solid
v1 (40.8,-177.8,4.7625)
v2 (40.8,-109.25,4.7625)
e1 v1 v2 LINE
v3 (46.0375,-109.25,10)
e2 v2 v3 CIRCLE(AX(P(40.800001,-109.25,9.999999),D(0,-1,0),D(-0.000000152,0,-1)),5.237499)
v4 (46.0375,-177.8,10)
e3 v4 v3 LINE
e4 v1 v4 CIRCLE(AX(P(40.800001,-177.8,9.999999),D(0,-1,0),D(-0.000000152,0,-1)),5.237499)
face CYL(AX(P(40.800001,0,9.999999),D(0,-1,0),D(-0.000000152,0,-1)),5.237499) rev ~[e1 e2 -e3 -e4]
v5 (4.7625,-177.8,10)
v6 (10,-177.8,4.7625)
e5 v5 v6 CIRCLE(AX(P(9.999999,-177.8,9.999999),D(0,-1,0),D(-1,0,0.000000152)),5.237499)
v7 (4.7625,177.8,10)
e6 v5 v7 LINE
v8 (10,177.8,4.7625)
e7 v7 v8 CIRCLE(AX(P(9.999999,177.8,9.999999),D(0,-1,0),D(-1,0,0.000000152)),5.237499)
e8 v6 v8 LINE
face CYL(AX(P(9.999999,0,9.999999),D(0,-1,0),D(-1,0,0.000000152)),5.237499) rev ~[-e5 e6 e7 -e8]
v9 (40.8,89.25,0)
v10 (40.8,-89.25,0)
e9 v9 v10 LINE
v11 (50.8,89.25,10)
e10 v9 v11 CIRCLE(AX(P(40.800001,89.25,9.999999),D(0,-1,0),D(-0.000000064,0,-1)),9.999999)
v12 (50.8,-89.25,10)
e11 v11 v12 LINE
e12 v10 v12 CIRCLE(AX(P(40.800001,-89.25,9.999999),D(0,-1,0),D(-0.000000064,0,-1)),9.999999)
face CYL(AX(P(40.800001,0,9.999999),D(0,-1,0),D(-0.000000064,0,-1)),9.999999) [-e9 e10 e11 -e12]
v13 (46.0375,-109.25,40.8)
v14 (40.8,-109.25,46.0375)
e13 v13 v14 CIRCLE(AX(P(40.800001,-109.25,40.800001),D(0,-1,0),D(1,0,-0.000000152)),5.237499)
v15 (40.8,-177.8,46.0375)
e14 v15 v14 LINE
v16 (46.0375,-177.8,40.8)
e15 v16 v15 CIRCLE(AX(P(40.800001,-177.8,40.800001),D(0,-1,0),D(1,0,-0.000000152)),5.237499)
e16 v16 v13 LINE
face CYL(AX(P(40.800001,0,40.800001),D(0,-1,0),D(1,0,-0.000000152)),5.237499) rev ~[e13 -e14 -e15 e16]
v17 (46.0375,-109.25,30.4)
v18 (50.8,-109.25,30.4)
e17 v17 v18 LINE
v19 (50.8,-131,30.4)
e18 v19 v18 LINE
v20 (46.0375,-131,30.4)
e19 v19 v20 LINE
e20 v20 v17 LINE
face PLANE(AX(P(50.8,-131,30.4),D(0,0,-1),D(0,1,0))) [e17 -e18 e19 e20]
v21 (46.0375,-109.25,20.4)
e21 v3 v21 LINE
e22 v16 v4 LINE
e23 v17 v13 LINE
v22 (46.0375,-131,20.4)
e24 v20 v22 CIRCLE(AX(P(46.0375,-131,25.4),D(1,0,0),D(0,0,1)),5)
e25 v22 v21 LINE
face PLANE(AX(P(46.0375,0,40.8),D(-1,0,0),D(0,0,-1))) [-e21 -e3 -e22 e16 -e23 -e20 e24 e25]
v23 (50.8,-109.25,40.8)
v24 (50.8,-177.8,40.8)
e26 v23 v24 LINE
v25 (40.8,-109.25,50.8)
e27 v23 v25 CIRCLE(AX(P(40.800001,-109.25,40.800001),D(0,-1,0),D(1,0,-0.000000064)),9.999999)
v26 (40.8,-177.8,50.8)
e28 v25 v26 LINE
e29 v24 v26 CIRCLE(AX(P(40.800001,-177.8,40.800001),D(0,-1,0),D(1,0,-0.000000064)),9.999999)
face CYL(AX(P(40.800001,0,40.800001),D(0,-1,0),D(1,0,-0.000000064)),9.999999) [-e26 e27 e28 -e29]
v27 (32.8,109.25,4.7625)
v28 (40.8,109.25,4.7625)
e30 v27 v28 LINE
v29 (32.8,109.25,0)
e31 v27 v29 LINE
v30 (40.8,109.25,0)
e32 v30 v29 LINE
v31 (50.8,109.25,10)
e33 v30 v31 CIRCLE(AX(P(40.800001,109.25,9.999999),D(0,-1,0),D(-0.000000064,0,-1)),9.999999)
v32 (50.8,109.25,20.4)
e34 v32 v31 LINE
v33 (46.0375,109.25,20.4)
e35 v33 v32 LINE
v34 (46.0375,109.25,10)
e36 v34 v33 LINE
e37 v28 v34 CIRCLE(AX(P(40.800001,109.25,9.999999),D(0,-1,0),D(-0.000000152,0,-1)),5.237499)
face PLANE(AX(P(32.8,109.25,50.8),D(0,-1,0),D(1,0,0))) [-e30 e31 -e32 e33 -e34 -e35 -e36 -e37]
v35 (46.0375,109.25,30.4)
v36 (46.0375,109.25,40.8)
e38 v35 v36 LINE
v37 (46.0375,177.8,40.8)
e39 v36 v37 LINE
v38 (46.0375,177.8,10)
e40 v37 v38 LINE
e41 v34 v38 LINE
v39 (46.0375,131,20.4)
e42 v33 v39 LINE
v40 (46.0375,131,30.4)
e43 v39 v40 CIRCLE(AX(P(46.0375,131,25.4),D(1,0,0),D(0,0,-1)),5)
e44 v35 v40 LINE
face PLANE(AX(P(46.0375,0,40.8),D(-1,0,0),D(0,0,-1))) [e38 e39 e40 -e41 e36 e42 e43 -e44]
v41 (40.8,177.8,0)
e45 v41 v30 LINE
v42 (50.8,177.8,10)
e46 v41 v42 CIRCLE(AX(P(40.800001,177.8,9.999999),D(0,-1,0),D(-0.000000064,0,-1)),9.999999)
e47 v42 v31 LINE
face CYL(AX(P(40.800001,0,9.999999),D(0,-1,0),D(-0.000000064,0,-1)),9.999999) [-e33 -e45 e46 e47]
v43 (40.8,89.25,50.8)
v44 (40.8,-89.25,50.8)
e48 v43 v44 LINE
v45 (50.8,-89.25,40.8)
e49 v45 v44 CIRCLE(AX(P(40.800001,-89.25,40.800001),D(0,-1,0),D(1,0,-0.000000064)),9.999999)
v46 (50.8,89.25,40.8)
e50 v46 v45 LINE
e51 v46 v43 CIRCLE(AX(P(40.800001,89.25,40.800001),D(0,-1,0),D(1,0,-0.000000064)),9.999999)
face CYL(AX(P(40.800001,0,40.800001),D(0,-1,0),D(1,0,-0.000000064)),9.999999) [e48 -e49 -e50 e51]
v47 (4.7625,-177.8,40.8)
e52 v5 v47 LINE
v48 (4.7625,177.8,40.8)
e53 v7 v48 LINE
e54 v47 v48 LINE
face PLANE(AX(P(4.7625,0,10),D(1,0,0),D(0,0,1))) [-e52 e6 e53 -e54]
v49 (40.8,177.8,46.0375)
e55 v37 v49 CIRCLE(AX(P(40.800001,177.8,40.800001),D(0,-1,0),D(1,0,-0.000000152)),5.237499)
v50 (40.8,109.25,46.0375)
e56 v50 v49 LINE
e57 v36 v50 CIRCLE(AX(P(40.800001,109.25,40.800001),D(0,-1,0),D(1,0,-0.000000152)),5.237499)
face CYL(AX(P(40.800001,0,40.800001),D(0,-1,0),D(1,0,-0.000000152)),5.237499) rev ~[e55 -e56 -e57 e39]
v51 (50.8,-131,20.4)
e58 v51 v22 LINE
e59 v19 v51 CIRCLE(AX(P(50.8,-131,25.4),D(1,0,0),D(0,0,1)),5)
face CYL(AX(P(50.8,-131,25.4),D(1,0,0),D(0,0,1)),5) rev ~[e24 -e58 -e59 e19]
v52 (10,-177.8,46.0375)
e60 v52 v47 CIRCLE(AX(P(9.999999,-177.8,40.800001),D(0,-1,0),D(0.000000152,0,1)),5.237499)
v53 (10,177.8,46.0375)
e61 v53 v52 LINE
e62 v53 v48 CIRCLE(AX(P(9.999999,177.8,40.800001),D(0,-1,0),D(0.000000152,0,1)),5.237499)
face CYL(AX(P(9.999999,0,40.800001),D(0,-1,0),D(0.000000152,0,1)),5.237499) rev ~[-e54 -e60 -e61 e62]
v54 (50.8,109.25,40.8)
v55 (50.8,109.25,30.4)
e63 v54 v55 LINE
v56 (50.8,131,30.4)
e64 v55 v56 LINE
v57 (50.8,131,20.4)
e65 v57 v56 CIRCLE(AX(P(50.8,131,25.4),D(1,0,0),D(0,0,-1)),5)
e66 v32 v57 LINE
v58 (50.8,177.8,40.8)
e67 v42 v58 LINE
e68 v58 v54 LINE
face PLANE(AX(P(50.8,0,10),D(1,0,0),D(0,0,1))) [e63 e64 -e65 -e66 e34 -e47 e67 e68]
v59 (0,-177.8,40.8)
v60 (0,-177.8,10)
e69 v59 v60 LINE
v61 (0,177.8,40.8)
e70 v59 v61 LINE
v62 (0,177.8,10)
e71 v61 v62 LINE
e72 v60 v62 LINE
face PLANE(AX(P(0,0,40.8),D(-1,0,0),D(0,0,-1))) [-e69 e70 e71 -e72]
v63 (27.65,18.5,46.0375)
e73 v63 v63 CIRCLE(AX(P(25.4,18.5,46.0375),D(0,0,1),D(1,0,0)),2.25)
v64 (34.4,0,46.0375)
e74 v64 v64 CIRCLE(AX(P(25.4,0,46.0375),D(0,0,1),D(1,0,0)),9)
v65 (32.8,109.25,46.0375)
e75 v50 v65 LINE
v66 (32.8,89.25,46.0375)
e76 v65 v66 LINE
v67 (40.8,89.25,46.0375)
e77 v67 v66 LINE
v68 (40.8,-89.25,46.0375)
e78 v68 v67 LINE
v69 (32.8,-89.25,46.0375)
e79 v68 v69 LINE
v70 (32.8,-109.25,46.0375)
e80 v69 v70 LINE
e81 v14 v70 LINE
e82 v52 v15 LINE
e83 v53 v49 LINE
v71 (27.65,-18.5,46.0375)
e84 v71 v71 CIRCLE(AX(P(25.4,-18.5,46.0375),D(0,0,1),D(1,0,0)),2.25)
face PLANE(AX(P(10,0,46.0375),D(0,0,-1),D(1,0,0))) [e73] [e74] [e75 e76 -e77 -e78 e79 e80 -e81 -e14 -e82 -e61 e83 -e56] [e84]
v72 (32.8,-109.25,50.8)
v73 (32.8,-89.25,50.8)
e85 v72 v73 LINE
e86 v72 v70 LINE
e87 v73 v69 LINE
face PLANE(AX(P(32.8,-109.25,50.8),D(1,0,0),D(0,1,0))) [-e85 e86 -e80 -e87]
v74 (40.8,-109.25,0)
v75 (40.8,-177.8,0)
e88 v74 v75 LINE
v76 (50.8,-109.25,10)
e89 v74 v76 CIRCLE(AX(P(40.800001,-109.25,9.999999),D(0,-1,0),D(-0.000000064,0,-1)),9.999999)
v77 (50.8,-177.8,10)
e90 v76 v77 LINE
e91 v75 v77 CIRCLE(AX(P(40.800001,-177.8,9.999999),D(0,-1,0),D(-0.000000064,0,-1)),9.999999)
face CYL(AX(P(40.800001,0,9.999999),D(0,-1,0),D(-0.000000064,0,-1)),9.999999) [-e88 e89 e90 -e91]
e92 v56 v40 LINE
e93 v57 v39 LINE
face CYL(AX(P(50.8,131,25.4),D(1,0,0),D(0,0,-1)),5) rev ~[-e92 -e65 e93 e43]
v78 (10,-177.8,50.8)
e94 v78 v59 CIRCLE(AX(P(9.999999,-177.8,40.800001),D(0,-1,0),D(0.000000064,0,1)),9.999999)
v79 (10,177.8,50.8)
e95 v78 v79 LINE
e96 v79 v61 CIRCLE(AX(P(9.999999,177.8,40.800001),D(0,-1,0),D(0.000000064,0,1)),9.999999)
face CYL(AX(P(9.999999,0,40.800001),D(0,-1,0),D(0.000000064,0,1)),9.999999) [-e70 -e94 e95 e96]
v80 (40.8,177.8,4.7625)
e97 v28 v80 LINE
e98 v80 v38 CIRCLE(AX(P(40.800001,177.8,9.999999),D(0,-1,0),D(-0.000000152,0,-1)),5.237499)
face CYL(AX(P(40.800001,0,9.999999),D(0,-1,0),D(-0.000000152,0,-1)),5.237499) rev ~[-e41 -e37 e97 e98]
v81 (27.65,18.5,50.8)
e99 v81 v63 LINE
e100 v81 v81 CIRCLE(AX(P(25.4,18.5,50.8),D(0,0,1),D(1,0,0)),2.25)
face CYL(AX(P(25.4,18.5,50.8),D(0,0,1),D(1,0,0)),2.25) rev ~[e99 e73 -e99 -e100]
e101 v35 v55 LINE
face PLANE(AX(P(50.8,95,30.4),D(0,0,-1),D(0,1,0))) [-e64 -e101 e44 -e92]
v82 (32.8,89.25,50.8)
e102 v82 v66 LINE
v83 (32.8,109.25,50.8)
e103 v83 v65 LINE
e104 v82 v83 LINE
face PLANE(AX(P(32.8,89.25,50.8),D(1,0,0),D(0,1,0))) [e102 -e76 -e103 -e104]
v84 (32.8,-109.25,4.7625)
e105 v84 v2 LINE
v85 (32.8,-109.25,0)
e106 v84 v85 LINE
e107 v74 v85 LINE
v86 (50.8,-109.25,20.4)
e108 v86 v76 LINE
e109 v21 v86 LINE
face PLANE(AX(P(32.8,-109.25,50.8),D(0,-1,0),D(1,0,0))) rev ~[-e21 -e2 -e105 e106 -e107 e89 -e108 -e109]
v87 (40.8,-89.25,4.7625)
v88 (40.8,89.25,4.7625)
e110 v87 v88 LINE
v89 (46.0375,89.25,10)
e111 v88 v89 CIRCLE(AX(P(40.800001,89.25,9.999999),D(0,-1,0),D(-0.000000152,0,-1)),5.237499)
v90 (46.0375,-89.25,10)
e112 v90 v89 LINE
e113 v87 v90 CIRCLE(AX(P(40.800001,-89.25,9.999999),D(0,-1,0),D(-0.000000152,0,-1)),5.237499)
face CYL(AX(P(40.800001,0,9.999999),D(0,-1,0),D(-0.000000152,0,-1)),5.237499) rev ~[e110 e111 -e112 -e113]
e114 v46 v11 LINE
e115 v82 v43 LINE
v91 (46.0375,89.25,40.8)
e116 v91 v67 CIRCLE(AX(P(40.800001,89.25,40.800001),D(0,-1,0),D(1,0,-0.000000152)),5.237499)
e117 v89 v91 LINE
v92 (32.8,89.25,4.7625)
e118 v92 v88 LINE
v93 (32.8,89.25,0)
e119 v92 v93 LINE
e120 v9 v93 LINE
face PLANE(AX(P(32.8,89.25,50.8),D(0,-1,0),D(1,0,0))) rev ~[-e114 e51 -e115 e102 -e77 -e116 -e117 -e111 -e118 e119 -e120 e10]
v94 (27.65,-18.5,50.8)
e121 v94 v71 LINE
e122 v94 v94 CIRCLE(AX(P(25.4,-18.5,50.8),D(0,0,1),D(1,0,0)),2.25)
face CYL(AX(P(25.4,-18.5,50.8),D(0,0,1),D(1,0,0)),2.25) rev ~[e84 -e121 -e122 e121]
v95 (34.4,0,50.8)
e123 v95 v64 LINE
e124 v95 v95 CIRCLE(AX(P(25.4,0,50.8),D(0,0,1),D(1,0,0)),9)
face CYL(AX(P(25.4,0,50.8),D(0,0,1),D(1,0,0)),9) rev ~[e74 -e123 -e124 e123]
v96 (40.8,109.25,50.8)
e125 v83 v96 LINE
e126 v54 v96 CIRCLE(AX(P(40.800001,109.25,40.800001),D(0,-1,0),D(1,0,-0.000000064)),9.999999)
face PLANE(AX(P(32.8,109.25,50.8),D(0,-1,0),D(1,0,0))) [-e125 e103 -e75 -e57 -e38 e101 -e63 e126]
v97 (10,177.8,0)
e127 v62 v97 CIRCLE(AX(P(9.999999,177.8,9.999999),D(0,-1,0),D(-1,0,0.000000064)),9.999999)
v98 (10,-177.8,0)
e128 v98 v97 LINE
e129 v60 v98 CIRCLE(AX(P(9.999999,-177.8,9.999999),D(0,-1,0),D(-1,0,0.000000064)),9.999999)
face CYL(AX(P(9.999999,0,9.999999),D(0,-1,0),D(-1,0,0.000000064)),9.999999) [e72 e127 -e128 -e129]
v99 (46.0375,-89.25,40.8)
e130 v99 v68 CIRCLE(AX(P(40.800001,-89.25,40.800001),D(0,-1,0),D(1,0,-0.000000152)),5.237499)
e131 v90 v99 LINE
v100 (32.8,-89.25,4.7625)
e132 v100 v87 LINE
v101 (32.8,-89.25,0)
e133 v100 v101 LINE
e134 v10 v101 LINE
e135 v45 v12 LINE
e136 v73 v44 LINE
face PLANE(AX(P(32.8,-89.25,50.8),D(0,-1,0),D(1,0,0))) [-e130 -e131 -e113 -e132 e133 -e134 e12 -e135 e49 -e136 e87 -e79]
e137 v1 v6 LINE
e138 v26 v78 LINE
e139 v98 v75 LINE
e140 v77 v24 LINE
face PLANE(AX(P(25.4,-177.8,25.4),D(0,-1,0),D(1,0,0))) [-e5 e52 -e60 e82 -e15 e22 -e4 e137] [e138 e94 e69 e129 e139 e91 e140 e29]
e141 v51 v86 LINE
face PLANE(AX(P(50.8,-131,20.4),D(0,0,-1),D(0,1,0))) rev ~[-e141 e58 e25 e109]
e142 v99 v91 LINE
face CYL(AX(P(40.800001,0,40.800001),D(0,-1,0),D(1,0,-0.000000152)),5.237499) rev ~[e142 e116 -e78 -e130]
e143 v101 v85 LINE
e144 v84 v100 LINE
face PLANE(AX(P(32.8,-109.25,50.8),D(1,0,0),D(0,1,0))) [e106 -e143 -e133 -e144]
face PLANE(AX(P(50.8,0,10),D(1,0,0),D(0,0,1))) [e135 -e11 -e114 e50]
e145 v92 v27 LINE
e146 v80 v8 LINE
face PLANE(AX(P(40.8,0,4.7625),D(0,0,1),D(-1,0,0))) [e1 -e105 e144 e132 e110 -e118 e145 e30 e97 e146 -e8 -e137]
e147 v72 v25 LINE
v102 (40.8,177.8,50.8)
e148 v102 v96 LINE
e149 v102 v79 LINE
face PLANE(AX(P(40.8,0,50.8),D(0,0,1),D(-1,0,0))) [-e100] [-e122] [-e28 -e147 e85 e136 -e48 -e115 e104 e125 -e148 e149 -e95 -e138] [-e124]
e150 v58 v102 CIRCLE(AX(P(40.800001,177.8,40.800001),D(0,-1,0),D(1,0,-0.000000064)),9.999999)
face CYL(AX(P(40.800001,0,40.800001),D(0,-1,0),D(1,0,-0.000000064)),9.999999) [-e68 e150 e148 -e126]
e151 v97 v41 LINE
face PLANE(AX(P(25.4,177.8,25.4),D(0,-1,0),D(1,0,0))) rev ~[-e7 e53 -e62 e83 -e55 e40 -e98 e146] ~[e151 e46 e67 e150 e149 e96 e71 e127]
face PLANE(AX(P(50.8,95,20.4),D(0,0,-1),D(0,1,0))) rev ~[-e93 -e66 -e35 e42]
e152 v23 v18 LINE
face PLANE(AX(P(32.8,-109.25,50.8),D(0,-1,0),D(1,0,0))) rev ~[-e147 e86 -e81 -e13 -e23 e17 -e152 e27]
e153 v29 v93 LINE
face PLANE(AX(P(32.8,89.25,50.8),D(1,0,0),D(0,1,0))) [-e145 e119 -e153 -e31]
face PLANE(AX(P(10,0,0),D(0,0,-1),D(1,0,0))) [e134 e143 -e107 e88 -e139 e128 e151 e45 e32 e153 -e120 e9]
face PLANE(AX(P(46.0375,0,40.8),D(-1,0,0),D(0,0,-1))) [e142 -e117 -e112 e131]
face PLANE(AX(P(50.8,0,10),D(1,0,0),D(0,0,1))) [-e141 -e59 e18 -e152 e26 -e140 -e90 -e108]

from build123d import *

# Parameters (mm, degrees)
PAD_DEPTH       = 177.8
SKETCH005_W     = 25
SKETCH005_H     = 20
POCKET_DEPTH    = 50.801
POCKET001_DEPTH = 4.7625
SKETCH012_R     = 9
SKETCH012_R_2   = 2.25
POCKET006_DEPTH = 5


with BuildPart() as part:
    # Sketch → Pad (new body, symmetric)
    with BuildSketch(Plane.XZ):
        with BuildLine():
            Line((10, 0), (40.8, 0))
            ThreePointArc((40.8, 0), (47.871068, 2.928932), (50.8, 10))
            Line((50.8, 10), (50.8, 40.8))
            ThreePointArc((50.8, 40.8), (47.871068, 47.871068), (40.8, 50.8))
            Line((40.8, 50.8), (10, 50.8))
            ThreePointArc((10, 50.8), (2.928932, 47.871068), (0, 40.8))
            Line((0, 40.8), (0, 10))
            ThreePointArc((0, 10), (2.928932, 2.928932), (10, 0))
        make_face()
        with BuildLine():
            Line((10, 46.0375), (40.8, 46.0375))
            ThreePointArc((46.0375, 40.8), (44.503472, 44.503472), (40.8, 46.0375))
            Line((46.0375, 40.8), (46.0375, 10))
            ThreePointArc((40.8, 4.7625), (44.503472, 6.296528), (46.0375, 10))
            Line((40.8, 4.7625), (10, 4.7625))
            ThreePointArc((4.7625, 10), (6.296528, 6.296528), (10, 4.7625))
            Line((4.7625, 10), (4.7625, 40.8))
            ThreePointArc((10, 46.0375), (6.296528, 44.503472), (4.7625, 40.8))
        make_face(mode=Mode.SUBTRACT)
    extrude(amount=PAD_DEPTH, both=True)

    # Sketch005 → Pocket (cut, through all)
    with BuildSketch(Plane.XY.offset(50.8)):
        with Locations((45.3, 99.25)):
            Rectangle(SKETCH005_W, SKETCH005_H)
        with Locations((45.3, -99.25)):
            Rectangle(SKETCH005_W, SKETCH005_H)
    extrude(amount=-POCKET_DEPTH, mode=Mode.SUBTRACT)

    # Sketch006 → Pocket001 (cut)
    with BuildSketch(Plane.YZ.offset(50.8)):
        with BuildLine():
            ThreePointArc((-131, 30.4), (-136, 25.4), (-131, 20.4))
            Line((-131, 20.4), (-95, 20.4))
            ThreePointArc((-95, 20.4), (-90, 25.4), (-95, 30.4))
            Line((-131, 30.4), (-95, 30.4))
        make_face()
        with BuildLine():
            ThreePointArc((95, 30.4), (90, 25.4), (95, 20.4))
            Line((95, 20.4), (131, 20.4))
            ThreePointArc((131, 20.4), (136, 25.4), (131, 30.4))
            Line((95, 30.4), (131, 30.4))
        make_face()
    extrude(amount=-POCKET001_DEPTH, mode=Mode.SUBTRACT)

    # Sketch012 → Pocket006 (cut)
    with BuildSketch(Plane.XY.offset(50.8)):
        with Locations((25.4, 0)):
            Circle(SKETCH012_R)
        with Locations((25.4, 18.5)):
            Circle(SKETCH012_R_2)
        with Locations((25.4, -18.5)):
            Circle(SKETCH012_R_2)
    extrude(amount=-POCKET006_DEPTH, mode=Mode.SUBTRACT)


solid = part.part
